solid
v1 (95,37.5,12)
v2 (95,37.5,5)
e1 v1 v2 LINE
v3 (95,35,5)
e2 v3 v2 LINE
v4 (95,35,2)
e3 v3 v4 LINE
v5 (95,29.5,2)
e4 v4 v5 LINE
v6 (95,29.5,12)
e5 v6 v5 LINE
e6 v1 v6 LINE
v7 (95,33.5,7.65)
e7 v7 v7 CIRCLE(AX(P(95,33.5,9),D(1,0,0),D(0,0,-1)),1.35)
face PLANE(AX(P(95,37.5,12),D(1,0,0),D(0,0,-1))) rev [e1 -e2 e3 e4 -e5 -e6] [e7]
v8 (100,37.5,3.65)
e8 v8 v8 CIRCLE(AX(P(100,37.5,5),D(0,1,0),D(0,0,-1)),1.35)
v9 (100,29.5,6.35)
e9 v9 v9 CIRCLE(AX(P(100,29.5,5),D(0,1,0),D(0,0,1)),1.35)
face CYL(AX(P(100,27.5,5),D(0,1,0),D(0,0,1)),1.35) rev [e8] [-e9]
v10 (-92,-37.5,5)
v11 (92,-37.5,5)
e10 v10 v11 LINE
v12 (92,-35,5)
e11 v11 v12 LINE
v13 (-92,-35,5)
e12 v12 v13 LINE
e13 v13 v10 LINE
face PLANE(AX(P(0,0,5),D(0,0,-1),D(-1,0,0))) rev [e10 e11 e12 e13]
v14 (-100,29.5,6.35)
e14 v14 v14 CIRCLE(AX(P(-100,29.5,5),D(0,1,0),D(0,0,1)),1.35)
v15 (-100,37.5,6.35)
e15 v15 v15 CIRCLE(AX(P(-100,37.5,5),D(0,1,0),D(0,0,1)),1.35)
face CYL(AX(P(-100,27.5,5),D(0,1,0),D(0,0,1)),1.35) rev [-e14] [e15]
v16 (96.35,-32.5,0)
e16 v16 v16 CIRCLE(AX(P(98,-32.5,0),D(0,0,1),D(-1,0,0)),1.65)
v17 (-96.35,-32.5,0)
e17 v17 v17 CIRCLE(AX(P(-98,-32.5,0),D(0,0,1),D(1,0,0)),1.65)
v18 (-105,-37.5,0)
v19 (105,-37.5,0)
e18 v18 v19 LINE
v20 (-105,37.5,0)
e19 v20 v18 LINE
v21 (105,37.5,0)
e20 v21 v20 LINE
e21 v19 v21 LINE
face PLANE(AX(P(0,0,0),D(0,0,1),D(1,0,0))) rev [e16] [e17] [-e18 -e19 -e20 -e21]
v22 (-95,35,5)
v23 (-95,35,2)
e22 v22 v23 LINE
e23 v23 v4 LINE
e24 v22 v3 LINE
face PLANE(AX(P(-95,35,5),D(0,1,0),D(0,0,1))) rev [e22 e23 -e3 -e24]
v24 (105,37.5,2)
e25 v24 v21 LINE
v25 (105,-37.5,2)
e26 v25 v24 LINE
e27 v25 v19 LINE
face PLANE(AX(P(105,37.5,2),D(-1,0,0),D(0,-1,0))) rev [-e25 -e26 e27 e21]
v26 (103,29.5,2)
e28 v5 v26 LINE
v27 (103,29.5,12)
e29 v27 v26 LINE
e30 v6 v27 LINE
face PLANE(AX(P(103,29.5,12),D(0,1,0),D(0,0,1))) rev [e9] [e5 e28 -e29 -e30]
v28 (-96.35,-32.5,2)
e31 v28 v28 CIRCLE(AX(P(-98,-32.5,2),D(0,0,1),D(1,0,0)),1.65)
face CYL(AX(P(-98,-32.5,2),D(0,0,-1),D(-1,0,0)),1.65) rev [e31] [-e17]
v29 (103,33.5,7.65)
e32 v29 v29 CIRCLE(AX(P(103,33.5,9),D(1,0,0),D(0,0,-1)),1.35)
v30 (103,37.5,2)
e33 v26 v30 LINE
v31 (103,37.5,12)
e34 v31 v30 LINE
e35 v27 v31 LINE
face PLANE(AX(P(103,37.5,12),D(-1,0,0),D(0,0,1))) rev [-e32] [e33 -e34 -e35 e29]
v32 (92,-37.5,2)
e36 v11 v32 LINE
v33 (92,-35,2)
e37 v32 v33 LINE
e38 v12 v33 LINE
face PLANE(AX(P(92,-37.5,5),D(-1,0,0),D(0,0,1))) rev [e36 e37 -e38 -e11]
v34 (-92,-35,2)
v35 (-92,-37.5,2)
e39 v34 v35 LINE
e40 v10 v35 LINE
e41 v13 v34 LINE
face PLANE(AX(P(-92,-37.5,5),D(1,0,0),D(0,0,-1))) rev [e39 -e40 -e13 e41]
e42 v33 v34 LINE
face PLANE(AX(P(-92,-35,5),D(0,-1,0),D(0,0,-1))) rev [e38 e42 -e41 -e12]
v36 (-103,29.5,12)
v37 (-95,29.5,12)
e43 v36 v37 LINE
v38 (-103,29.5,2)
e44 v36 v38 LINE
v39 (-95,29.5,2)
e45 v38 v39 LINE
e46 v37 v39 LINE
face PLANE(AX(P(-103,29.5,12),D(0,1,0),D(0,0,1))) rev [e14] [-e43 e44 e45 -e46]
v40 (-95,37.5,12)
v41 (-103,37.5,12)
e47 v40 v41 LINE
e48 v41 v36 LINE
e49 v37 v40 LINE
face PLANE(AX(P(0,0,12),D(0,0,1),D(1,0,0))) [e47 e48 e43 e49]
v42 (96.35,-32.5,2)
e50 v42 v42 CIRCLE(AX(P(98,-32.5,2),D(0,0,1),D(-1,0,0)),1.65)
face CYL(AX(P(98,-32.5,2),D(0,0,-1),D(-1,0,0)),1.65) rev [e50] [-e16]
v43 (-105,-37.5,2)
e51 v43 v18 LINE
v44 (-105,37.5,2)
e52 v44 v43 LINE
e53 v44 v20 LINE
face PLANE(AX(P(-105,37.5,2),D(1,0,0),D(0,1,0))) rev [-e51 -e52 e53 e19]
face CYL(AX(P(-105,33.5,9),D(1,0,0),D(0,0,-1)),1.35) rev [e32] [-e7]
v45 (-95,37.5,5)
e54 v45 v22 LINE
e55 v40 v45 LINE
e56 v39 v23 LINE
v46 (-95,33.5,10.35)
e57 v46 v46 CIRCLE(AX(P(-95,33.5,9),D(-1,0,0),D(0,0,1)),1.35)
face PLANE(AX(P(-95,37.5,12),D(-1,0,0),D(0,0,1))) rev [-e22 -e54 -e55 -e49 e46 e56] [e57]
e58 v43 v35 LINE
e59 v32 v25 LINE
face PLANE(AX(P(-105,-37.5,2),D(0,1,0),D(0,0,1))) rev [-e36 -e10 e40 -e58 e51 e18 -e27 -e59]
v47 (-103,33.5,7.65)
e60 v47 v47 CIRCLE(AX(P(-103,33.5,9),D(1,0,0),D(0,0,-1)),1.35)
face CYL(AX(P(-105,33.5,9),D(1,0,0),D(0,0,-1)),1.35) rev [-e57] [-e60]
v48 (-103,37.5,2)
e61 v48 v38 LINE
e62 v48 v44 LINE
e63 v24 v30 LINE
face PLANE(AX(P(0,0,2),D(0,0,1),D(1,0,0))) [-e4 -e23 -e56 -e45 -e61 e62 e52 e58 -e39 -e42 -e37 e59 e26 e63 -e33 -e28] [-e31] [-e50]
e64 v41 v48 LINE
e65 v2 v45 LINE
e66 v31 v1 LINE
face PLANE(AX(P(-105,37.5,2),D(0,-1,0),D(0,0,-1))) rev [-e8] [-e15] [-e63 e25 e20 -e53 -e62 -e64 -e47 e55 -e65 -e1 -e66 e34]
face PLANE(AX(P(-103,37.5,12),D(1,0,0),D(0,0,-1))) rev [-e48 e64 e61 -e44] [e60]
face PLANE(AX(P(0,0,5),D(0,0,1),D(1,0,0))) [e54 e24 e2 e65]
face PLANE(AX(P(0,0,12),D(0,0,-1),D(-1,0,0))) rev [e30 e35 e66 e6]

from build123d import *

# Parameters (mm, degrees)
SKETCH1_W           = 210
SKETCH1_H           = 75
SKETCH1_R           = 1.65
BOSS_EXTRUDE1_DEPTH = 2
SKETCH2_W           = 8
SKETCH2_H           = 8
BOSS_EXTRUDE2_DEPTH = 10
SKETCH3_R           = 1.35
CUT_EXTRUDE1_DEPTH  = 10
SKETCH4_W           = 190
SKETCH4_H           = 2.5
BOSS_EXTRUDE3_DEPTH = 3
SKETCH5_W           = 184
SKETCH5_H           = 2.5
BOSS_EXTRUDE4_DEPTH = 3
SKETCH6_R           = 1.35
CUT_EXTRUDE2_DEPTH  = 209


with BuildPart() as part:
    # Sketch1 → Boss-Extrude1 (new body)
    with BuildSketch(Plane.XY):
        Rectangle(SKETCH1_W, SKETCH1_H)
        with Locations((-98, -32.5)):
            Circle(SKETCH1_R, mode=Mode.SUBTRACT)
        with Locations((98, -32.5)):
            Circle(SKETCH1_R, mode=Mode.SUBTRACT)
    extrude(amount=BOSS_EXTRUDE1_DEPTH)

    # Sketch2 → Boss-Extrude2 (add)
    with BuildSketch(Plane.XY.offset(2)):
        with Locations((-99, 33.5)):
            Rectangle(SKETCH2_W, SKETCH2_H)
        with Locations((99, 33.5)):
            Rectangle(SKETCH2_W, SKETCH2_H)
    extrude(amount=BOSS_EXTRUDE2_DEPTH)

    # Sketch3 → Cut-Extrude1 (cut)
    with BuildSketch(Plane(origin=(0, 37.5, 0), x_dir=(1, 0, 0), z_dir=(0, 1, 0))):
        with Locations((-100, -5)):
            Circle(SKETCH3_R)
        with Locations((100, -5)):
            Circle(SKETCH3_R)
    extrude(amount=-CUT_EXTRUDE1_DEPTH, mode=Mode.SUBTRACT)

    # Sketch4 → Boss-Extrude3 (add)
    with BuildSketch(Plane.XY.offset(2)):
        with Locations((0, 36.25)):
            Rectangle(SKETCH4_W, SKETCH4_H)
    extrude(amount=BOSS_EXTRUDE3_DEPTH)

    # Sketch5 → Boss-Extrude4 (add)
    with BuildSketch(Plane.XY.offset(2)):
        with Locations((0, -36.25)):
            Rectangle(SKETCH5_W, SKETCH5_H)
    extrude(amount=BOSS_EXTRUDE4_DEPTH)

    # Sketch6 → Cut-Extrude2 (cut, through all)
    with BuildSketch(Plane(origin=(103, 0, 0), x_dir=(0, 0, -1), z_dir=(1, 0, 0))):
        with Locations((-9, 33.5)):
            Circle(SKETCH6_R)
    extrude(amount=-CUT_EXTRUDE2_DEPTH, mode=Mode.SUBTRACT)


solid = part.part
